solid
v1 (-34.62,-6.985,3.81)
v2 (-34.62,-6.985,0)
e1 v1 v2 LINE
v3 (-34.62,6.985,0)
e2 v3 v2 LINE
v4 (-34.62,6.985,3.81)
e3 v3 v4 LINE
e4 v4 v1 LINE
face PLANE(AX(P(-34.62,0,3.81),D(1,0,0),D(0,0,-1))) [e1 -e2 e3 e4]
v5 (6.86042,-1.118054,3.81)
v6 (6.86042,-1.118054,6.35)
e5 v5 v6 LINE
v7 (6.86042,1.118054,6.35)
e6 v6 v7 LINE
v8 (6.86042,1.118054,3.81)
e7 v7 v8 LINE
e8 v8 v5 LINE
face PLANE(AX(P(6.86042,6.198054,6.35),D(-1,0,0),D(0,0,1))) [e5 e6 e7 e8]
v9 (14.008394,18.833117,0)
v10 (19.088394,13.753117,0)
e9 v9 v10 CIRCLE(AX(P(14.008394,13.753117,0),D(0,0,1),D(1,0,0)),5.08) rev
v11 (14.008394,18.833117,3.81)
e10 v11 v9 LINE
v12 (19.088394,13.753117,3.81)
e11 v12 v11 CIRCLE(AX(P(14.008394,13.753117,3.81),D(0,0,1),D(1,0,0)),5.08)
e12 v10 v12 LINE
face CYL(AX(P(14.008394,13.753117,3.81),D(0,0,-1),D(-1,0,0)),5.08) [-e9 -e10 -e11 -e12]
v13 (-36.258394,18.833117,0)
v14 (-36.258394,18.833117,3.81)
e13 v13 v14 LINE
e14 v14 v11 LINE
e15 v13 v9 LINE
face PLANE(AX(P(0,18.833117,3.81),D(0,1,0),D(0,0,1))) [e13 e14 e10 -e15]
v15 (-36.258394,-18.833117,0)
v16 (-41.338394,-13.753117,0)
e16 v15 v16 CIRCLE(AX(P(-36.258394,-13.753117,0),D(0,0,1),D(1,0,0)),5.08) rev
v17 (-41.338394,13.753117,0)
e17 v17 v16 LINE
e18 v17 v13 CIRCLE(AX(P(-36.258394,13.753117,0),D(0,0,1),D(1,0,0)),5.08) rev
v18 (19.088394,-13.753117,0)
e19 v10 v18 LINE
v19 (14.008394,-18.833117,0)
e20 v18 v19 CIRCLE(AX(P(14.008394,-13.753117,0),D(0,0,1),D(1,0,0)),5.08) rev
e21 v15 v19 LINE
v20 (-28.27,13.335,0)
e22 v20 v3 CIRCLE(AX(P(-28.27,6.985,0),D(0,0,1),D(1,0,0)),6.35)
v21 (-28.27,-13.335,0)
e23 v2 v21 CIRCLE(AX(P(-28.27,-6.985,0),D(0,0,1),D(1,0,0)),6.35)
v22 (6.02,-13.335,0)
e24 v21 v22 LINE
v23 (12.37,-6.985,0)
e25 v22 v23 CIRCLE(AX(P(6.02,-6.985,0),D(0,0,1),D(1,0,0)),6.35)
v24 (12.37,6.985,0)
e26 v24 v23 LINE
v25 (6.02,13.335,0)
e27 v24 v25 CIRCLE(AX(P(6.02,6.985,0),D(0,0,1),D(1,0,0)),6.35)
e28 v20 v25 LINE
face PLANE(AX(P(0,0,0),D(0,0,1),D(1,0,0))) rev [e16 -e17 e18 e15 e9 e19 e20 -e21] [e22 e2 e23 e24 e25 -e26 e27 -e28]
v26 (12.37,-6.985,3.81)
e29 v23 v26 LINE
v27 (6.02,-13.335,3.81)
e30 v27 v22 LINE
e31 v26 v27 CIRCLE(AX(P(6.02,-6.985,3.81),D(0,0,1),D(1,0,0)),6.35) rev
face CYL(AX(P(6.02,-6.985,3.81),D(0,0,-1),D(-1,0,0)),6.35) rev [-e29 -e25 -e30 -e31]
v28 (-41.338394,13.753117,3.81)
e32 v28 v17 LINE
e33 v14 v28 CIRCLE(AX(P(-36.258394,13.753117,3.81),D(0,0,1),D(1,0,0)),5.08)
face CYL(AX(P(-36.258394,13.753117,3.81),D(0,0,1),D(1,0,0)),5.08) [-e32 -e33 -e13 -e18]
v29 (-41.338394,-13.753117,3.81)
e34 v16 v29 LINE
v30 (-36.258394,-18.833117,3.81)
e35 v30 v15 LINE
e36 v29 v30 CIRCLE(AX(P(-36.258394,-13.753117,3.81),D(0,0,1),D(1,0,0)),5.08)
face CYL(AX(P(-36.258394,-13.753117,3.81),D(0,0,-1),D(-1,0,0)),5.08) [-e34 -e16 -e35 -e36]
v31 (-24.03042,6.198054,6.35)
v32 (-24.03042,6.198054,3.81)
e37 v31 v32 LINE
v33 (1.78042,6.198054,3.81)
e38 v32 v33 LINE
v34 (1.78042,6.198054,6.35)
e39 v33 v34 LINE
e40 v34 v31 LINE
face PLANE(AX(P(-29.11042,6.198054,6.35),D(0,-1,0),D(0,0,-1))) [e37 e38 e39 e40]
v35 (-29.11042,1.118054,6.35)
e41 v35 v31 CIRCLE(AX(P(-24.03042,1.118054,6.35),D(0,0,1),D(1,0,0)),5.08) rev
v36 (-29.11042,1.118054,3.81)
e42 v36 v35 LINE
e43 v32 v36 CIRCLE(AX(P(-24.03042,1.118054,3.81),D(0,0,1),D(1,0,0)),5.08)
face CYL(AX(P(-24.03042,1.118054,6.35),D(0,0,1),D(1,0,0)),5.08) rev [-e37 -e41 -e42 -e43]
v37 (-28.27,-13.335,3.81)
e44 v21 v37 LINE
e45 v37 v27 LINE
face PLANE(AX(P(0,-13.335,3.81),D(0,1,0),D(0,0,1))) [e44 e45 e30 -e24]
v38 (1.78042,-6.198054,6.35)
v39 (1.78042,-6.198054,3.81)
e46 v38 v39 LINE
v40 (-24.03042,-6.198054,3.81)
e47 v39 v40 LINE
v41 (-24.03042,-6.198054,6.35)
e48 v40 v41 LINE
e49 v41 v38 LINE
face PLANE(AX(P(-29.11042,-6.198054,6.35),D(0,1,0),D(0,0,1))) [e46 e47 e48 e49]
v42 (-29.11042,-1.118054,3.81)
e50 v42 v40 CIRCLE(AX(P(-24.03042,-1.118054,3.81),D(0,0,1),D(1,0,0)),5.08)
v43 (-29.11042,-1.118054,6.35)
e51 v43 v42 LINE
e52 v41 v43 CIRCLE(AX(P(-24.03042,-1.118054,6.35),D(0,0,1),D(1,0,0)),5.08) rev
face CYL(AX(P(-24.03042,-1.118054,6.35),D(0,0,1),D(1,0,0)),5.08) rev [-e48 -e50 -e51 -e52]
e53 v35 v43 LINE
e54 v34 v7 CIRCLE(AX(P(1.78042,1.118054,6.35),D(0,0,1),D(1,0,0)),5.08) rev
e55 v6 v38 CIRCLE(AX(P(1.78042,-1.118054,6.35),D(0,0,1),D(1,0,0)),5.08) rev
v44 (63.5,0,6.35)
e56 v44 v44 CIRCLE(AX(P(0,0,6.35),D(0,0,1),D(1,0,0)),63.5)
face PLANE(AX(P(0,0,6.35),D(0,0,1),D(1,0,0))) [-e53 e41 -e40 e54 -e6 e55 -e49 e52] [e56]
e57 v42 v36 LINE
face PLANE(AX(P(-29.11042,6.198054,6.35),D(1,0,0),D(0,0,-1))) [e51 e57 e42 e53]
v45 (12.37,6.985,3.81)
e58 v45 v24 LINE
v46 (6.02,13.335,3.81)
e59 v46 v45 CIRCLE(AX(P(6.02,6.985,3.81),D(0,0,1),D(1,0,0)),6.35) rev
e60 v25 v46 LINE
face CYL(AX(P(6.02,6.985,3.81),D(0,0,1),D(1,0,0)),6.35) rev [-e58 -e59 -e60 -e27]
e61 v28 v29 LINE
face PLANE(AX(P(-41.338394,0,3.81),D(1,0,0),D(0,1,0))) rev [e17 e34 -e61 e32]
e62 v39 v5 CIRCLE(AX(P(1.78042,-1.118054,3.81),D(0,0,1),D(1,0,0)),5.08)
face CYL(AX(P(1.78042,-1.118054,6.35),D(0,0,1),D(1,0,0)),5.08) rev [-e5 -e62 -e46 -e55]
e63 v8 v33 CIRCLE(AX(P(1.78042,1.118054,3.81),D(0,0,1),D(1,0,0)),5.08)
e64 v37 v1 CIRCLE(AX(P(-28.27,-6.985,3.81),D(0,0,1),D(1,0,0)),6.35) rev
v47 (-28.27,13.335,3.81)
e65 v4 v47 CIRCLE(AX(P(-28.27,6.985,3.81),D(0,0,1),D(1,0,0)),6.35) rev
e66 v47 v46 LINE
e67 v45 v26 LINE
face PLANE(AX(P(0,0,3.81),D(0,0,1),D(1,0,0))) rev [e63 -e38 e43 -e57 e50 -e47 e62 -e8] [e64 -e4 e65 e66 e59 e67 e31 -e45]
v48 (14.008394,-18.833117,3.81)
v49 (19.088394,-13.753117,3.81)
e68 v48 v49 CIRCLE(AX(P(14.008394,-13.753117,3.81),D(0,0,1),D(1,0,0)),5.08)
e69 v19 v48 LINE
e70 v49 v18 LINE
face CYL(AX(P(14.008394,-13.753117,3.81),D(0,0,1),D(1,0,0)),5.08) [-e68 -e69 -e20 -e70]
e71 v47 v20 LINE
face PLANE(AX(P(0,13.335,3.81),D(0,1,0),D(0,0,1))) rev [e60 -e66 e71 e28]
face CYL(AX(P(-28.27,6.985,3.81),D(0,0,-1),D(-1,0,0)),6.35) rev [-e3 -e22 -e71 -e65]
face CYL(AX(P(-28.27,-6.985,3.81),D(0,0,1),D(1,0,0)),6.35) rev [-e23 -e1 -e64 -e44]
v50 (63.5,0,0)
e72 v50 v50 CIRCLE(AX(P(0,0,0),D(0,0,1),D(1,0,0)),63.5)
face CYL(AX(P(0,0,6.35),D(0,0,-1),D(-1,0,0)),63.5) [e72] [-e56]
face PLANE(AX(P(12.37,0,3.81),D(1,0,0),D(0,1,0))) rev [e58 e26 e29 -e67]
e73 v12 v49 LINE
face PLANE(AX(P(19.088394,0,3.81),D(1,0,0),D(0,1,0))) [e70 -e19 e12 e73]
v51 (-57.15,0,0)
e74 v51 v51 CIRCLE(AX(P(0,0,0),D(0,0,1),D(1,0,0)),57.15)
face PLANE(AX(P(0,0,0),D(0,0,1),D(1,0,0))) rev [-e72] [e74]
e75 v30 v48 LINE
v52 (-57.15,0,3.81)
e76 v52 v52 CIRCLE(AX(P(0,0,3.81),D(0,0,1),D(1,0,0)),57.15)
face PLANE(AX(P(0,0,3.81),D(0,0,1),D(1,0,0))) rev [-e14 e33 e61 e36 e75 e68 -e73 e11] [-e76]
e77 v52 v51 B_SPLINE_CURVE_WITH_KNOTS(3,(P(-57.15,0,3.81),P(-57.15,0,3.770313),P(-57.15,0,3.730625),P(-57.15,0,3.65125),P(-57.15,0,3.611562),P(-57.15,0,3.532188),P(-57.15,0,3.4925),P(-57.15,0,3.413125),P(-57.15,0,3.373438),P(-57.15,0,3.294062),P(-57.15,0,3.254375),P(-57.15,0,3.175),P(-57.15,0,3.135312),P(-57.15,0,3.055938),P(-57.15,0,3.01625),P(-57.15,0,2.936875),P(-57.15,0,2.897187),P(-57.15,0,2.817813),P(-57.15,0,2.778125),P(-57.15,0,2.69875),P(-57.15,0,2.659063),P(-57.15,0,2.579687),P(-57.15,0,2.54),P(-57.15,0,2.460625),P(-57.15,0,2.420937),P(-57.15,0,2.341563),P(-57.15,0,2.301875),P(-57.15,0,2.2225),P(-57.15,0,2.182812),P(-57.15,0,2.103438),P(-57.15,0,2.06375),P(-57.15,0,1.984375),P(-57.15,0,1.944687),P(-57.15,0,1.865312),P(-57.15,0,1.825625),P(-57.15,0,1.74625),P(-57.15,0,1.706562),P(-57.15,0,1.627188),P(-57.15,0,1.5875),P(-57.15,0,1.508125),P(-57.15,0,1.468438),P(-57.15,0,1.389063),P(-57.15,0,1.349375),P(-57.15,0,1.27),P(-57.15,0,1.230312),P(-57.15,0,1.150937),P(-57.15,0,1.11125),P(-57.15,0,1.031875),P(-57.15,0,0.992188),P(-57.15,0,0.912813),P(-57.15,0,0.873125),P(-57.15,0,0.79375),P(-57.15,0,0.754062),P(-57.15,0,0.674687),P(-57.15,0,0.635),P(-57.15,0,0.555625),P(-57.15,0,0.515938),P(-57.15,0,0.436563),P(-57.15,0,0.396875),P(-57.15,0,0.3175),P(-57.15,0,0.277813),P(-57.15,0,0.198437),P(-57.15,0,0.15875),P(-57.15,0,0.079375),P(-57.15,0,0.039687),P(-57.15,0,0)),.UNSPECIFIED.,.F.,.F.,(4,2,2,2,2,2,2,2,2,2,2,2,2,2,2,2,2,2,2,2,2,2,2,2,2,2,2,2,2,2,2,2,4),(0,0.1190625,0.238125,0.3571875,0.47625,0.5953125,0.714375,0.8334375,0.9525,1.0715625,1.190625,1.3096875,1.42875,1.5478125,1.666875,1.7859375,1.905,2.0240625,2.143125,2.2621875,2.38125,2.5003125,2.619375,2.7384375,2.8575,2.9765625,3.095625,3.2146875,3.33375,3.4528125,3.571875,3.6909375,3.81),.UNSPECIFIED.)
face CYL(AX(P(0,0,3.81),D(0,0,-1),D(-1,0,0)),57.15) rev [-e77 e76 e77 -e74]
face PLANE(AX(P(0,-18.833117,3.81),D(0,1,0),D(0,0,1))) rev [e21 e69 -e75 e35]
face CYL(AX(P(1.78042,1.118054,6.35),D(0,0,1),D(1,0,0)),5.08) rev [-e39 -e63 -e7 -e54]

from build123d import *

# Parameters (mm, degrees)
SKETCH3_R           = 63.5
BOSS_EXTRUDE1_DEPTH = 6.35
SKETCH2_W           = 46.99
SKETCH2_H           = 26.67
CUT_EXTRUDE1_DEPTH  = 3.81
FILLET1_R           = 6.35
SKETCH6_W           = 35.970839212
SKETCH6_H           = 12.396108552
CUT_EXTRUDE2_DEPTH  = 6.35
FILLET2_R           = 5.08
SKETCH3_4_R         = 57.15
SKETCH3_4_W         = 60.426788384
SKETCH3_4_H         = 37.666233726
CUT_EXTRUDE4_DEPTH  = 3.81
FILLET3_R           = 5.08


with BuildPart() as part:
    # Sketch3 → Boss-Extrude1 (new body)
    with BuildSketch(Plane.XY):
        Circle(SKETCH3_R)
    extrude(amount=BOSS_EXTRUDE1_DEPTH)

    # Sketch2 → Cut-Extrude1 (cut)
    with BuildSketch(Plane.XY):
        with Locations((-11.125000102, 0)):
            Rectangle(SKETCH2_W, SKETCH2_H)
    extrude(amount=CUT_EXTRUDE1_DEPTH, mode=Mode.SUBTRACT)

    # Fillet1
    fillet1_edges = [part.edges().sort_by_distance(p)[0] for p in [
        (-34.620000102, 13.335, 1.905),
        (12.369999898, 13.335, 1.905),
        (-34.620000102, -13.335, 1.905),
        (12.369999898, -13.335, 1.905),
    ]]
    fillet(fillet1_edges, radius=FILLET1_R)

    # Sketch6 → Cut-Extrude2 (cut)
    with BuildSketch(Plane.XY):
        with Locations((-11.125000102, 0)):
            Rectangle(SKETCH6_W, SKETCH6_H)
    extrude(amount=CUT_EXTRUDE2_DEPTH, mode=Mode.SUBTRACT)

    # Fillet2
    fillet2_edges = [part.edges().sort_by_distance(p)[0] for p in [
        (-29.110419708, -6.198054276, 5.08),
        (-29.110419708, 6.198054276, 5.08),
        (6.860419504, 6.198054276, 5.08),
        (6.860419504, -6.198054276, 5.08),
    ]]
    fillet(fillet2_edges, radius=FILLET2_R)

    # Sketch3<4> → Cut-Extrude4 (cut)
    with BuildSketch(Plane.XY):
        Circle(SKETCH3_4_R)
        with Locations((-11.125000102, 0)):
            Rectangle(SKETCH3_4_W, SKETCH3_4_H, mode=Mode.SUBTRACT)
    extrude(amount=CUT_EXTRUDE4_DEPTH, mode=Mode.SUBTRACT)

    # Fillet3
    fillet3_edges = [part.edges().sort_by_distance(p)[0] for p in [
        (19.08839409, -18.833116863, 1.905),
        (19.08839409, 18.833116863, 1.905),
        (-41.338394294, -18.833116863, 1.905),
        (-41.338394294, 18.833116863, 1.905),
    ]]
    fillet(fillet3_edges, radius=FILLET3_R)


solid = part.part
